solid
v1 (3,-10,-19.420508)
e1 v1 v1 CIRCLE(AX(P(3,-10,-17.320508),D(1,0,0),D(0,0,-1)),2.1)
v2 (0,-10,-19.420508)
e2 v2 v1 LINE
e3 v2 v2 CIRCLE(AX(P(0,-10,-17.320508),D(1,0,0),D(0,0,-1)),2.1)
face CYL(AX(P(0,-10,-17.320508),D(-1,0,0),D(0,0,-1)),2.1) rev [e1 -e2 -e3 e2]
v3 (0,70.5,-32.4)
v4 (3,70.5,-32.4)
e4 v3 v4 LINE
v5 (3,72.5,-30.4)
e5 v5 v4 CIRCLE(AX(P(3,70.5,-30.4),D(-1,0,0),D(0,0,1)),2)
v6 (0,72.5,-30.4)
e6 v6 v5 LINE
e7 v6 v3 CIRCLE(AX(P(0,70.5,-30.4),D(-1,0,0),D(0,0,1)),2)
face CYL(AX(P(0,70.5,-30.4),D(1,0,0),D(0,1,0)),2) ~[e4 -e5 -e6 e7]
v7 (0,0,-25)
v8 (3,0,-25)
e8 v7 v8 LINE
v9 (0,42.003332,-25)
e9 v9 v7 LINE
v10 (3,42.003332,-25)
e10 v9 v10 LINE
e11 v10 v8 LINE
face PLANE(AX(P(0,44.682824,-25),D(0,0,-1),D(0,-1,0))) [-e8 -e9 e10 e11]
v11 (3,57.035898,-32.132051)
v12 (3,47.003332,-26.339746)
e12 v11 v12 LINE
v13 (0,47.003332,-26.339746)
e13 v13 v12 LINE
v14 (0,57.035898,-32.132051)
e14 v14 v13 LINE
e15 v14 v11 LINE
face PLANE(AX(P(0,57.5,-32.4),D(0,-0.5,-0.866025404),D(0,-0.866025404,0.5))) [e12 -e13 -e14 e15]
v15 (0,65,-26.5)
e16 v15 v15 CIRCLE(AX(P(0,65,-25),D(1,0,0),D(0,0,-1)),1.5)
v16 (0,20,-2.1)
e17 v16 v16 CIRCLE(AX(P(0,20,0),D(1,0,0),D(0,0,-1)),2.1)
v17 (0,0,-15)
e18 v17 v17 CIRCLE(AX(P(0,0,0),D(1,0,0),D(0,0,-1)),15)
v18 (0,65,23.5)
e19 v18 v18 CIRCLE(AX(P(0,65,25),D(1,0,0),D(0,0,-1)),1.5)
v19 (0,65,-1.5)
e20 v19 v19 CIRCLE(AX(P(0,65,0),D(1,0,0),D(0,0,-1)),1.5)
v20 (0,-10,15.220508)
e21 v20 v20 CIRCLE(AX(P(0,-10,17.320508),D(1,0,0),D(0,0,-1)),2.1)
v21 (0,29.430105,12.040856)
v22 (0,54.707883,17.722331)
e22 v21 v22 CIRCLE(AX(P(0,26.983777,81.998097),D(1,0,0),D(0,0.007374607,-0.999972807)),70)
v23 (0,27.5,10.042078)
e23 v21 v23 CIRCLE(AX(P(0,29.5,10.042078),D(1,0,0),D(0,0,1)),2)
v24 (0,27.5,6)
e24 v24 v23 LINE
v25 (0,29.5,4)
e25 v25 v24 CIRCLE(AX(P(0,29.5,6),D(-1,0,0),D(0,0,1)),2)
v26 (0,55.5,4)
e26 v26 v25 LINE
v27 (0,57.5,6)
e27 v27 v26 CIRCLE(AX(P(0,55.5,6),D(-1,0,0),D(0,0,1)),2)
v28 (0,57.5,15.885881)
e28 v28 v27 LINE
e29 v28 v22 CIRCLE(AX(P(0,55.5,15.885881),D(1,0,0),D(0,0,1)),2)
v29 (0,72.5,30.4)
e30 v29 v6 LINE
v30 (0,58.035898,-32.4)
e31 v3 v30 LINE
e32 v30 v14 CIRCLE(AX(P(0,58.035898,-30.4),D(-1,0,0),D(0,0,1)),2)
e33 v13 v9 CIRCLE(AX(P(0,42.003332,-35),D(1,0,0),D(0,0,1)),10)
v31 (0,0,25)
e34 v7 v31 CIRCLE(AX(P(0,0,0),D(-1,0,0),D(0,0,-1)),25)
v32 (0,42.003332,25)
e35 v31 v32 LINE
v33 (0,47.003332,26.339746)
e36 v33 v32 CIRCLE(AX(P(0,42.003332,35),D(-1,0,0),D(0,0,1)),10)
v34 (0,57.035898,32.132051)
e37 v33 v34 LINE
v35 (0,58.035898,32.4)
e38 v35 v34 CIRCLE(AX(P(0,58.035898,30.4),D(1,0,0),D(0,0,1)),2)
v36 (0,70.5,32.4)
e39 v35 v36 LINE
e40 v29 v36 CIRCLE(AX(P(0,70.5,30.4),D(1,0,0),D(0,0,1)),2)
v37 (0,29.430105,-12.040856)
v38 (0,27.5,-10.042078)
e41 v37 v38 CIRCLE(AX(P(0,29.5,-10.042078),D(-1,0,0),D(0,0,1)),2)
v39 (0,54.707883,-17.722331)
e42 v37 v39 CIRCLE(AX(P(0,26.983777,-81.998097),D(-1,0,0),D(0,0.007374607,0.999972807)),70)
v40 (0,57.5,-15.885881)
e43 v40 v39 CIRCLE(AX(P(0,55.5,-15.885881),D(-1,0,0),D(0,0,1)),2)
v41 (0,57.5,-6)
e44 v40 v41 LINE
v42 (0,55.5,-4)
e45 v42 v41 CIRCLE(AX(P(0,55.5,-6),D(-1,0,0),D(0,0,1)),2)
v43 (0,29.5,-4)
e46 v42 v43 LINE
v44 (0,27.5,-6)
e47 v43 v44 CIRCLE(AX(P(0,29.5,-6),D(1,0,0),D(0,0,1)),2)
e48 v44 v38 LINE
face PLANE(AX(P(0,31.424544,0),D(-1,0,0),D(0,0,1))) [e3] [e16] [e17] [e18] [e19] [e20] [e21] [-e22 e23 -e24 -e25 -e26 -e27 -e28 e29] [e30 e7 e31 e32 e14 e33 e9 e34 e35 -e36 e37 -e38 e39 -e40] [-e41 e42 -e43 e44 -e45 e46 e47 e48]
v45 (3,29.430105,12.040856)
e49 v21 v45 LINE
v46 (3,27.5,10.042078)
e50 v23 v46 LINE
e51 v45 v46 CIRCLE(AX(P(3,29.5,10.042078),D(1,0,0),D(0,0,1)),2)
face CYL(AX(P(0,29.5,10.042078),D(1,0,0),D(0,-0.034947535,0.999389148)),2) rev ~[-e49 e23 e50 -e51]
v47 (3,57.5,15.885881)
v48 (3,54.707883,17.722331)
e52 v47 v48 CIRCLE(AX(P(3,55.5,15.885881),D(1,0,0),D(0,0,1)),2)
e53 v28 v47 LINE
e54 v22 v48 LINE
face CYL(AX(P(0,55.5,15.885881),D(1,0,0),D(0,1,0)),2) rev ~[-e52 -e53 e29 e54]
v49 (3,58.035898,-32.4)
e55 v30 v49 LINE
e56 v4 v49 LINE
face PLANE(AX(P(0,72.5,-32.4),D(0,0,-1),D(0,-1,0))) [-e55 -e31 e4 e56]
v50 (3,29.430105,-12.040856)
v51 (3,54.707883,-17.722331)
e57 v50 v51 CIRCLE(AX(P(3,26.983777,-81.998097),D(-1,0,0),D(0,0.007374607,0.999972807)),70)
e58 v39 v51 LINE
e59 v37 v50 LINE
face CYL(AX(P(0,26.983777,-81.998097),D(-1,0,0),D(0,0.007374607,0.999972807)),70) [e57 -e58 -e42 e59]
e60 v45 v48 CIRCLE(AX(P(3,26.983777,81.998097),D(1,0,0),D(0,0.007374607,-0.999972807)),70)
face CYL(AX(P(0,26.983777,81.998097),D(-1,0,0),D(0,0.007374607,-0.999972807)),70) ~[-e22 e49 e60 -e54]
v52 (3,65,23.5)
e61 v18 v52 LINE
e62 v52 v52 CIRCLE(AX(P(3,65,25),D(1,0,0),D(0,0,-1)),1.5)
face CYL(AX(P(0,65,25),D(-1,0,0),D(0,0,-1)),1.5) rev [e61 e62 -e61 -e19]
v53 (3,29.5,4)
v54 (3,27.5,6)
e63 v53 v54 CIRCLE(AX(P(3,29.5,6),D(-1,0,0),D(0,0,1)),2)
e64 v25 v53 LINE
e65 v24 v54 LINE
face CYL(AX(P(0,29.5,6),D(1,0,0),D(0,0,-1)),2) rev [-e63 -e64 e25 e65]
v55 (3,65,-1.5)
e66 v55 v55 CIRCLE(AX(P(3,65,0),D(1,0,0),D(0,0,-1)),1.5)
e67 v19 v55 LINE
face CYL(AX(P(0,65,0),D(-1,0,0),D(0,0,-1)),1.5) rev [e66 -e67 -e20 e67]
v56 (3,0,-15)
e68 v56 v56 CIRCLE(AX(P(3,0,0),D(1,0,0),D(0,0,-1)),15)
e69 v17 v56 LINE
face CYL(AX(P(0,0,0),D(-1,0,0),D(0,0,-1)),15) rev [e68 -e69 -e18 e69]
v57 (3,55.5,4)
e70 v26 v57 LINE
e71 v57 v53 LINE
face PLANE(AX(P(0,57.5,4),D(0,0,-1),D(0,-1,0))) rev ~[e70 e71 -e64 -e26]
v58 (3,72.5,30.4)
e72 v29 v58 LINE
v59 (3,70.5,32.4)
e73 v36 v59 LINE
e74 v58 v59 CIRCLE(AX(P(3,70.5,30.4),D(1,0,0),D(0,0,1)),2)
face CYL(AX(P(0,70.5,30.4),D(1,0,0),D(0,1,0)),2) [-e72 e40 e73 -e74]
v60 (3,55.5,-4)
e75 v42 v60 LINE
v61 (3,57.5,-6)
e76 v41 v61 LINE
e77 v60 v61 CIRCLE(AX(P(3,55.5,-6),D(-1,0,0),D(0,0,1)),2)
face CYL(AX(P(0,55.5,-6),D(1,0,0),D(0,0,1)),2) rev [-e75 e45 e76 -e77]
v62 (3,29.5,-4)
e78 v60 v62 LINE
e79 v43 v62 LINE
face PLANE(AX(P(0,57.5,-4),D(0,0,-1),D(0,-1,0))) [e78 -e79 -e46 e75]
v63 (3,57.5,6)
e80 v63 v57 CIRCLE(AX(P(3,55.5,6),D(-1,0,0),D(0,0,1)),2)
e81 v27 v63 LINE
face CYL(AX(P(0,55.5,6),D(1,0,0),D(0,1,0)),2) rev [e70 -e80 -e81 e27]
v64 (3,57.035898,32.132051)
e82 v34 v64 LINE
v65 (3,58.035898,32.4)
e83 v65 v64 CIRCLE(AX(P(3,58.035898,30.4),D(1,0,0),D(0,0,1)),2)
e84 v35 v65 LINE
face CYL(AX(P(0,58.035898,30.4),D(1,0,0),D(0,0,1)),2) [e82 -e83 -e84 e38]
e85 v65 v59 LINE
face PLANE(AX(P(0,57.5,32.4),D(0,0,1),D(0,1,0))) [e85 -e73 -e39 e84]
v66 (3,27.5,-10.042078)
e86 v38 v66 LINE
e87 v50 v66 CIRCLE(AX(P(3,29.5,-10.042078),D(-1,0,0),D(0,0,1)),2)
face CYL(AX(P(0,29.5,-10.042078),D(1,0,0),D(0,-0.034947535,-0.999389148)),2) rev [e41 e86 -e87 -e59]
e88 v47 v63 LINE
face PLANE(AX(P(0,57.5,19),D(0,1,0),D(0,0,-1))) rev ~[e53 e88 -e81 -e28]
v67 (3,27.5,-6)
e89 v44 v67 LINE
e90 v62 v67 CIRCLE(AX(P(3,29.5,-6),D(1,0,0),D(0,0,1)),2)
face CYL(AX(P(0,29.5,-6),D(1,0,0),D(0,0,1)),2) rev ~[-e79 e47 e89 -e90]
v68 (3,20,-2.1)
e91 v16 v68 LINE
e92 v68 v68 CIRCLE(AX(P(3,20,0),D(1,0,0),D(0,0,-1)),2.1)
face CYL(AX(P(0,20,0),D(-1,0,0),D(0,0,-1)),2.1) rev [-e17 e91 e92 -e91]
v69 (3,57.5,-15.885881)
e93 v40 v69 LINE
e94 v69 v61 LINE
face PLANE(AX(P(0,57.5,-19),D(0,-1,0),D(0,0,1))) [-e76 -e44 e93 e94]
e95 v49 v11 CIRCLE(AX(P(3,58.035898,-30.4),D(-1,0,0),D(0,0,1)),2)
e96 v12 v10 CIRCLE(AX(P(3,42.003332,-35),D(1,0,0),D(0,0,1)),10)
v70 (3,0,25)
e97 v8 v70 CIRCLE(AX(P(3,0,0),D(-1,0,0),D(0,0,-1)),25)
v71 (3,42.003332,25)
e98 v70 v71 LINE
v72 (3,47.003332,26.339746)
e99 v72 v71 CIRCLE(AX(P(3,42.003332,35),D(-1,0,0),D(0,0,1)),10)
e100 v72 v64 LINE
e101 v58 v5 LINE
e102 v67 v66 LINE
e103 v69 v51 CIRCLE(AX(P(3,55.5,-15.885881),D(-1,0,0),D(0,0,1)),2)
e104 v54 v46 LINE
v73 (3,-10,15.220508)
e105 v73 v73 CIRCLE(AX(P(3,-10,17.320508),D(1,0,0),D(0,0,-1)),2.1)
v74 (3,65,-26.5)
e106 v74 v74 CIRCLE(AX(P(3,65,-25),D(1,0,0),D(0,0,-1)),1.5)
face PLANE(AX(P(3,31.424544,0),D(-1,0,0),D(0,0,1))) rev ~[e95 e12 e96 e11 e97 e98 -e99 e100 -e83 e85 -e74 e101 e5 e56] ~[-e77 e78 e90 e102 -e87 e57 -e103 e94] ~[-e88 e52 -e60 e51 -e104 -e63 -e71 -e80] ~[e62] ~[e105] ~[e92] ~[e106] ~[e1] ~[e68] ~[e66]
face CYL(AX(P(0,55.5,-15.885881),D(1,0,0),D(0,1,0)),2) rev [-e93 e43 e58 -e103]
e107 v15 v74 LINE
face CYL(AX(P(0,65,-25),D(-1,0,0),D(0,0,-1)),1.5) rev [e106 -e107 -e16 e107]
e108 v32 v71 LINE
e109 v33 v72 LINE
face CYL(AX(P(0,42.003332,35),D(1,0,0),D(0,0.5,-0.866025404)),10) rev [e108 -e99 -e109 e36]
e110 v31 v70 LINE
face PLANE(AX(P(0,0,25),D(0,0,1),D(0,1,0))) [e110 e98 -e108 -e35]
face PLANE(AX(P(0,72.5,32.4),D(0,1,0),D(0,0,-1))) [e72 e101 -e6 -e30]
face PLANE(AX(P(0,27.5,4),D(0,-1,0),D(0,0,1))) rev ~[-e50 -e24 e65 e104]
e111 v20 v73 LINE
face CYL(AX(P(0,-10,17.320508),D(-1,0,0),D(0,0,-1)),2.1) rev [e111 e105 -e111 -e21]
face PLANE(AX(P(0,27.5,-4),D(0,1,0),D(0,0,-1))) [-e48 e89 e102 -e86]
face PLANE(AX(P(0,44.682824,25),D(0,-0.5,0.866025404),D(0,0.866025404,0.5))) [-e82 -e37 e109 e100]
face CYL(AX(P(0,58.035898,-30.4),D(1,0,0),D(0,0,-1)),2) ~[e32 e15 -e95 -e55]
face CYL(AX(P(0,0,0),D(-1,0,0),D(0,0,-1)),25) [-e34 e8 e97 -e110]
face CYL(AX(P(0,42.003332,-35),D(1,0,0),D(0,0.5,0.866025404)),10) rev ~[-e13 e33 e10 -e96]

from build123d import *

# Parameters (mm, degrees)
SKETCH_1_R      = 15
SKETCH_1_R_2    = 2.1
SKETCH_1_R_3    = 1.5
EXTRUDE_1_DEPTH = 3
FILLET_2_R      = 2
FILLET_3_R      = 10


with BuildPart() as part:
    # 草图1 → 凸台-拉伸1 (new body)
    with BuildSketch(Plane(origin=(0, 0, 0), x_dir=(0, 0, -1), z_dir=(1, 0, 0))):
        with BuildLine():
            Line((-32.4, 72.5), (32.4, 72.5))
            Line((32.4, 72.5), (32.4, 57.5))
            Line((32.4, 57.5), (25, 44.682824024))
            Line((25, 44.682824024), (25, 0))
            ThreePointArc((25, 0), (0, -25), (-25, 0))
            Line((-25, 0), (-25, 44.682824024))
            Line((-25, 44.682824024), (-32.4, 57.5))
            Line((-32.4, 57.5), (-32.4, 72.5))
        make_face()
        Circle(SKETCH_1_R, mode=Mode.SUBTRACT)
        with Locations((0, 20)):
            Circle(SKETCH_1_R_2, mode=Mode.SUBTRACT)
        with Locations((17.320508076, -10)):
            Circle(SKETCH_1_R_2, mode=Mode.SUBTRACT)
        with Locations((-17.320508076, -10)):
            Circle(SKETCH_1_R_2, mode=Mode.SUBTRACT)
        with Locations((-25, 65)):
            Circle(SKETCH_1_R_3, mode=Mode.SUBTRACT)
        with Locations((0, 65)):
            Circle(SKETCH_1_R_3, mode=Mode.SUBTRACT)
        with Locations((25, 65)):
            Circle(SKETCH_1_R_3, mode=Mode.SUBTRACT)
        with BuildLine():
            Line((-19, 57.5), (-4, 57.5))
            Line((-4, 57.5), (-4, 27.5))
            Line((-4, 27.5), (-12, 27.5))
            ThreePointArc((-12, 27.5), (-13.829211823, 42.889850575), (-19, 57.5))
        make_face(mode=Mode.SUBTRACT)
        with BuildLine():
            Line((4, 27.5), (12, 27.5))
            ThreePointArc((12, 27.5), (13.829211823, 42.889850575), (19, 57.5))
            Line((19, 57.5), (4, 57.5))
            Line((4, 57.5), (4, 27.5))
        make_face(mode=Mode.SUBTRACT)
    extrude(amount=EXTRUDE_1_DEPTH)

    # 圆角2
    fillet_2_edges = [part.edges().sort_by_distance(p)[0] for p in [
        (1.5, 72.5, 32.4),
        (1.5, 72.5, -32.4),
        (1.5, 57.5, -32.4),
        (1.5, 57.5, 32.4),
        (1.5, 57.5, 19),
        (1.5, 27.5, 12),
        (1.5, 27.5, 4),
        (1.5, 57.5, 4),
        (1.5, 27.5, -12),
        (1.5, 57.5, -19),
        (1.5, 57.5, -4),
        (1.5, 27.5, -4),
    ]]
    fillet(fillet_2_edges, radius=FILLET_2_R)

    # 圆角3
    fillet_3_edges = [part.edges().sort_by_distance(p)[0] for p in [
        (1.5, 44.682824024, -25),
        (1.5, 44.682824024, 25),
    ]]
    fillet(fillet_3_edges, radius=FILLET_3_R)


solid = part.part
